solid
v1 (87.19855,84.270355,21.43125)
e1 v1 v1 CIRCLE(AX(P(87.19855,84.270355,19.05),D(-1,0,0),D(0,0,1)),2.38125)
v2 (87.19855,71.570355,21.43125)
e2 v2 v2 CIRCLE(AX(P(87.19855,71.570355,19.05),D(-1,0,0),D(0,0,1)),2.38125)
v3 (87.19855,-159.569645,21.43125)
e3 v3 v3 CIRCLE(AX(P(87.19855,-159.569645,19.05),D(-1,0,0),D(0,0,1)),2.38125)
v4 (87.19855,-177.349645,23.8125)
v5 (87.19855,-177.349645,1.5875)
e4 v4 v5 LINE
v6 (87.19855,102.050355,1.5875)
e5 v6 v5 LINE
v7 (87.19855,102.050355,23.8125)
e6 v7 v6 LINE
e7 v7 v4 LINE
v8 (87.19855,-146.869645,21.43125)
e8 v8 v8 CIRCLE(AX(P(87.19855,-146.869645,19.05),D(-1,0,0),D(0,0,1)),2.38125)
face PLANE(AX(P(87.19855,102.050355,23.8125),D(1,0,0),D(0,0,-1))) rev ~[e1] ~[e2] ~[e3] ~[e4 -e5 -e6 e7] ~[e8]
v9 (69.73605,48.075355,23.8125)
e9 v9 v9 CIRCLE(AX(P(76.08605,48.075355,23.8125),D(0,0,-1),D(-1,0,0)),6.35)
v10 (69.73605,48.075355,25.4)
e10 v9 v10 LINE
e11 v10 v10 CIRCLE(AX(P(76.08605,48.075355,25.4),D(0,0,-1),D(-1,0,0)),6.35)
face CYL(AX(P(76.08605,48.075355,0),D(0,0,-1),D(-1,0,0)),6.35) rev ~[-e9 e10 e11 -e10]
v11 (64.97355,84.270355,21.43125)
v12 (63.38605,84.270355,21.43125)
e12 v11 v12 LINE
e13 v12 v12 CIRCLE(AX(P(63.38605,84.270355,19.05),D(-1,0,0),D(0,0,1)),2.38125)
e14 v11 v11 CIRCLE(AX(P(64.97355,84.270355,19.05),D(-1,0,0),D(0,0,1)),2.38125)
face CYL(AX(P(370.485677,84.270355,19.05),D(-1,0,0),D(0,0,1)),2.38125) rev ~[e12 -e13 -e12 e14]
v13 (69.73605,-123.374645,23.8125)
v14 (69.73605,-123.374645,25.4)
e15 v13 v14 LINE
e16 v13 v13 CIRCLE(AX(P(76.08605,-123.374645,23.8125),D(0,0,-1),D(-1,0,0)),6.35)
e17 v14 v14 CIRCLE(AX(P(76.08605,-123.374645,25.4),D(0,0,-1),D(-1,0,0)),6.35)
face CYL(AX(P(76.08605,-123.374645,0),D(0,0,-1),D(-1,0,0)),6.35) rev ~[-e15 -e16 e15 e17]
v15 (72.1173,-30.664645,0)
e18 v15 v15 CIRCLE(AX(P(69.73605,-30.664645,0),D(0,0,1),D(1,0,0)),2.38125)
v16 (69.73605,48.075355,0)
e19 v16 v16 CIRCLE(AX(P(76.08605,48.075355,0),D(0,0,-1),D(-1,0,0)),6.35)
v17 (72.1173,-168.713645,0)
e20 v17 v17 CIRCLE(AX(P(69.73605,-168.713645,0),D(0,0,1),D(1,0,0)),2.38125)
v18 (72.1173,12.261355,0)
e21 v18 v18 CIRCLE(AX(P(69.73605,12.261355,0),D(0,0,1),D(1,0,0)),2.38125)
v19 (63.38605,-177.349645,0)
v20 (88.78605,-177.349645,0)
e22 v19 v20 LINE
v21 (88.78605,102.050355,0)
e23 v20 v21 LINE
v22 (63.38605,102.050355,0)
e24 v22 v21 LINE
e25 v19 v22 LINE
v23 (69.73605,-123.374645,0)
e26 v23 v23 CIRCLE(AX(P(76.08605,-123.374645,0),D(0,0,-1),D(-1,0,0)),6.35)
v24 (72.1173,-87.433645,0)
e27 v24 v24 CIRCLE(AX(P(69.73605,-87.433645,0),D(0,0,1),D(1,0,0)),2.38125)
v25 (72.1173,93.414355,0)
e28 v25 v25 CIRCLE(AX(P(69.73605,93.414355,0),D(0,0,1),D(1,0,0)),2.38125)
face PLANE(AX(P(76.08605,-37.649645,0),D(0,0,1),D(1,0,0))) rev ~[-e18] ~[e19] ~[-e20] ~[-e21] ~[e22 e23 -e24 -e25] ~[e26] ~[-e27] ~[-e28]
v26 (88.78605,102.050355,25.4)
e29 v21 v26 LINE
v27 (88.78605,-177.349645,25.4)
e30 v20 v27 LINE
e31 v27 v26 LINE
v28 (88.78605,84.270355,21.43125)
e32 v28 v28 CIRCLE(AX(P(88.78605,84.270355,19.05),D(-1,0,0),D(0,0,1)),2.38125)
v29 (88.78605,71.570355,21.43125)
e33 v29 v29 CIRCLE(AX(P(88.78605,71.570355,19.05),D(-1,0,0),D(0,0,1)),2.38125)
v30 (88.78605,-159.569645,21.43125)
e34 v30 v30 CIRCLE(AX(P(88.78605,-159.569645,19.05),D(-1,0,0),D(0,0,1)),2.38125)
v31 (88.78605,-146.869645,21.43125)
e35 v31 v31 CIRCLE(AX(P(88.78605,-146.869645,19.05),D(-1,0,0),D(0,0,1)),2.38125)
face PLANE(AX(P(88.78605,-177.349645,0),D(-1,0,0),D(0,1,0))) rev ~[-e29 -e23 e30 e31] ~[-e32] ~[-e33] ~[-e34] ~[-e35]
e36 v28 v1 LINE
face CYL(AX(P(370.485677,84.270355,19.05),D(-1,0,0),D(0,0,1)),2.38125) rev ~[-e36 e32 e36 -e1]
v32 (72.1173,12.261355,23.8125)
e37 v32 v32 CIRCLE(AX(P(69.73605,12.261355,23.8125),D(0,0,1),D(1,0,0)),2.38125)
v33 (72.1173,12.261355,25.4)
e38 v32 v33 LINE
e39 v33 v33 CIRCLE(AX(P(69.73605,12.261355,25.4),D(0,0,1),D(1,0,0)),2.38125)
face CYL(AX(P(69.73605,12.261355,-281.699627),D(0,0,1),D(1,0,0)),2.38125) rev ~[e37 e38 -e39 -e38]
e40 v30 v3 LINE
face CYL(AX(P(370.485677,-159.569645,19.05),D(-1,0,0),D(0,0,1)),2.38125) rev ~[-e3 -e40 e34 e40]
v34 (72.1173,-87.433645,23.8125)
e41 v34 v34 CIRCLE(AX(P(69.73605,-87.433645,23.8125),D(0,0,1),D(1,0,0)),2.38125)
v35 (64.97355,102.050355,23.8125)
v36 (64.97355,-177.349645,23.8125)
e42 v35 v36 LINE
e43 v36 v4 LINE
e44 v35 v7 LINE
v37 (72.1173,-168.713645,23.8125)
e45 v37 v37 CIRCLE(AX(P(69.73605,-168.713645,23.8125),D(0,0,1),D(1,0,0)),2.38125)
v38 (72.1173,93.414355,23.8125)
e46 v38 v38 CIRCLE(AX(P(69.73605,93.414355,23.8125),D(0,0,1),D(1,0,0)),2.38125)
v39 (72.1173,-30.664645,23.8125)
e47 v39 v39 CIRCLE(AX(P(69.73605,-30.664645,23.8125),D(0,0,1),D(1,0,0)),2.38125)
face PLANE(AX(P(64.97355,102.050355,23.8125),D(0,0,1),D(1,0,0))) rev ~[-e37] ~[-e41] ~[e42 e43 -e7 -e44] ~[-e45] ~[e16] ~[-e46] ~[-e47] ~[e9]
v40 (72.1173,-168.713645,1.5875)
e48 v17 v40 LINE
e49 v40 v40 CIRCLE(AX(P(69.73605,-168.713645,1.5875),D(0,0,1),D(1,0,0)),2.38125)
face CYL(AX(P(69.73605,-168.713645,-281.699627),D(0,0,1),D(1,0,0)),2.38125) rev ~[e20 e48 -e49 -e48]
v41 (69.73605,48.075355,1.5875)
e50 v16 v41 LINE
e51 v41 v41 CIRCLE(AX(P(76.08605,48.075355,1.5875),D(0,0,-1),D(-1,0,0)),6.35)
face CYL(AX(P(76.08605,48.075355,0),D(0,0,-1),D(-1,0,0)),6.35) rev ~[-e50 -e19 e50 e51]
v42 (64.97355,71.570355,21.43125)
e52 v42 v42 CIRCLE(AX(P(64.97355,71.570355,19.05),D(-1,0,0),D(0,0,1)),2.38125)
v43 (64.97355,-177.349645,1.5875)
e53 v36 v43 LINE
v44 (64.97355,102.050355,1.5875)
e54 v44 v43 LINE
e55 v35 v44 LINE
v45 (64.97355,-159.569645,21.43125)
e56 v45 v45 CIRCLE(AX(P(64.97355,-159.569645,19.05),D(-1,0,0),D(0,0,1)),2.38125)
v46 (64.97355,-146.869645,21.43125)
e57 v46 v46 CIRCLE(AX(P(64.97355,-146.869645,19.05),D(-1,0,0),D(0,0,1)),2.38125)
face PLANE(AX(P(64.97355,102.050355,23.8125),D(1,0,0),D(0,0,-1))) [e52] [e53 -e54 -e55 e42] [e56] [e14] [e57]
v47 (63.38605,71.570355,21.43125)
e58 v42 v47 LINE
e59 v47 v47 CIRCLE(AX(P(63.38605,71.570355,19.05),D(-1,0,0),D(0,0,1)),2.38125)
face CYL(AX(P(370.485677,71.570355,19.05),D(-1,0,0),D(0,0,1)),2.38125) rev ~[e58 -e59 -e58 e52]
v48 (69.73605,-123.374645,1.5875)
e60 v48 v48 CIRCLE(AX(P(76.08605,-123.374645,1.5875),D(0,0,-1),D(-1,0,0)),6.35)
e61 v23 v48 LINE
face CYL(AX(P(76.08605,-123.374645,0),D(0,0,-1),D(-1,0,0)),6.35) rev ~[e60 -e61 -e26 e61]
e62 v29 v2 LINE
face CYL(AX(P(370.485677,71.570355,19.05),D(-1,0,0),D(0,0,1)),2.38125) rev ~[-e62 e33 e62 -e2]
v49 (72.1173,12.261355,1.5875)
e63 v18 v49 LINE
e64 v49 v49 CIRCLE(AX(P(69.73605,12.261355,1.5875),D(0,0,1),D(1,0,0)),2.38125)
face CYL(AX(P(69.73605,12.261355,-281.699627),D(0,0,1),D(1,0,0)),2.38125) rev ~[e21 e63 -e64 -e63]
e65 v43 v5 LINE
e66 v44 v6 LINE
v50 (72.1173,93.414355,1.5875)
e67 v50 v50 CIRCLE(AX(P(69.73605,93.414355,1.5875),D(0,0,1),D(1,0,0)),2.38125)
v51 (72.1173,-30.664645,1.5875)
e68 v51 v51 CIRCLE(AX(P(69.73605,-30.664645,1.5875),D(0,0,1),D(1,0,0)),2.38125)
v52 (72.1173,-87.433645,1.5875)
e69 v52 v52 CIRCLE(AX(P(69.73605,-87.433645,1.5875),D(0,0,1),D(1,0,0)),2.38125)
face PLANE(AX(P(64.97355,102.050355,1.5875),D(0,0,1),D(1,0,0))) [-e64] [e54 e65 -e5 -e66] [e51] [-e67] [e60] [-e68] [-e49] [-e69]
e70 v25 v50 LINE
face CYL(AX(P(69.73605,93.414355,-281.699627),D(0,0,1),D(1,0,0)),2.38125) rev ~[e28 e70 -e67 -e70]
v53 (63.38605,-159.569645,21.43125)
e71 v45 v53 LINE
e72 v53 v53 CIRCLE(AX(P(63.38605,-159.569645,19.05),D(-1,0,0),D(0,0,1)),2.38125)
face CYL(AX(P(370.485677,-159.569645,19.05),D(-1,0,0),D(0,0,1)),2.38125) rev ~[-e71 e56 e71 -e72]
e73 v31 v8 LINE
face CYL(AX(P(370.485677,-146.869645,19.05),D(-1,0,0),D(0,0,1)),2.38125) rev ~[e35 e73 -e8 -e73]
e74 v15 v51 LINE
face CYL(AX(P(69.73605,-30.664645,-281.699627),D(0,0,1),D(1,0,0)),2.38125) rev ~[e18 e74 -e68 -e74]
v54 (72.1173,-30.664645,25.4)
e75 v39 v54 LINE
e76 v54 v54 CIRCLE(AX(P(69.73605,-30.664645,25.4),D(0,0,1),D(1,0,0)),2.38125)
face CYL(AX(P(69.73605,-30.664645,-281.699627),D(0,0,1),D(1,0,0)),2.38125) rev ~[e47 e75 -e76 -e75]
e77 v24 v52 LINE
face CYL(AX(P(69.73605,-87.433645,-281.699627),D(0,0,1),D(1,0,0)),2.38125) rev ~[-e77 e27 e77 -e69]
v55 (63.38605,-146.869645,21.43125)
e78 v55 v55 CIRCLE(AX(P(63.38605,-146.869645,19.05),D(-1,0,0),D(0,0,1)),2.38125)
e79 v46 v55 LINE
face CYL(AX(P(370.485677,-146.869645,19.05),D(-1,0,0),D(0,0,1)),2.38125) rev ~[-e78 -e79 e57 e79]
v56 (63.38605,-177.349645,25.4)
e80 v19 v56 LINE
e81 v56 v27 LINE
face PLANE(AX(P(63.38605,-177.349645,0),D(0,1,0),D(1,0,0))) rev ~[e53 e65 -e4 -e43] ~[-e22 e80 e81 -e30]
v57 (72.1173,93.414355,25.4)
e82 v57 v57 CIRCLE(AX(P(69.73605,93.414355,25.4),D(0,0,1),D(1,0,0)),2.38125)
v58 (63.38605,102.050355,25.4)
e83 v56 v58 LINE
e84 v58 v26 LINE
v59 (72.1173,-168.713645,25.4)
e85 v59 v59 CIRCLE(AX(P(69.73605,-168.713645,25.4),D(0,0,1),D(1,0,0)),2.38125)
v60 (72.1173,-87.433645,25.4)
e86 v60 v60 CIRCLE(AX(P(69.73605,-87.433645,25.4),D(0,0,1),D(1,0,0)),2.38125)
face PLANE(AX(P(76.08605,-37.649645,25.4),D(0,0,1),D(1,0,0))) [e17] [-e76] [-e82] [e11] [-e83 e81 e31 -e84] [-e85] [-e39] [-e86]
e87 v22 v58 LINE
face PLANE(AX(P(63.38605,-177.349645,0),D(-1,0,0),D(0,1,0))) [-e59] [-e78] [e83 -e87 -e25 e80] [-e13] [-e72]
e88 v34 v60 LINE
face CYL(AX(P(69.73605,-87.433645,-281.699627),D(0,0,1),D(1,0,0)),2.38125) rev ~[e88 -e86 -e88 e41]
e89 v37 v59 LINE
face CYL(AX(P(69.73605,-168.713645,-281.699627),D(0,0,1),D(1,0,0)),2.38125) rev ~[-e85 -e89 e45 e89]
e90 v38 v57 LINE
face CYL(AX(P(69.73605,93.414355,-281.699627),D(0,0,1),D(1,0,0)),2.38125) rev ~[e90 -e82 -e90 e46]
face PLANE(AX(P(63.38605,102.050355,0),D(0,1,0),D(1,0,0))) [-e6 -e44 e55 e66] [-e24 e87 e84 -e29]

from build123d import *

# Parameters (mm, degrees)
SKETCH1_W                      = 25.4
SKETCH1_H                      = 279.4
BOSS_EXTRUDE1_DEPTH            = 25.4
SKETCH2_W                      = 22.225
SKETCH2_H                      = 22.225
CUT_EXTRUDE1_DEPTH             = 279.4
SKETCH3_R                      = 6.35
CUT_EXTRUDE2_DEPTH             = 25.4
F_3_16_0_1875_DIAMETER_HOLE2_D = 4.7625
F_3_16_0_1875_DIAMETER_HOLE3_D = 4.7625


with BuildPart() as part:
    # Sketch1 → Boss-Extrude1 (new body)
    with BuildSketch(Plane.XY):
        with Locations((76.086049872, -37.64964539)):
            Rectangle(SKETCH1_W, SKETCH1_H)
    extrude(amount=BOSS_EXTRUDE1_DEPTH)

    # Sketch2 → Cut-Extrude1 (cut)
    with BuildSketch(Plane(origin=(0, 102.05035461, 0), x_dir=(1, 0, 0), z_dir=(0, 1, 0))):
        with Locations((76.086049872, -12.7)):
            Rectangle(SKETCH2_W, SKETCH2_H)
    extrude(amount=-CUT_EXTRUDE1_DEPTH, mode=Mode.SUBTRACT)

    # Sketch3 → Cut-Extrude2 (cut)
    with BuildSketch(Plane(origin=(0, 0, 0), x_dir=(-1, 0, 0), z_dir=(0, 0, -1))):
        with Locations((-76.086049872, 48.07535461)):
            Circle(SKETCH3_R)
        with Locations((-76.086049872, -123.37464539)):
            Circle(SKETCH3_R)
    extrude(amount=-CUT_EXTRUDE2_DEPTH, mode=Mode.SUBTRACT)

    # 3/16 (0.1875) Diameter Hole2 (through all)
    with Locations(Plane(origin=(0, 0, 0), x_dir=(-1, 0, 0), z_dir=(0, 0, -1))):
        with Locations((-69.736049872, 93.41435461), (-69.736049872, 12.26135461), (-69.736049872, -30.66464539), (-69.736049872, -87.43364539), (-69.736049872, -168.71364539)):
            Hole(F_3_16_0_1875_DIAMETER_HOLE2_D / 2)

    # 3/16 (0.1875) Diameter Hole3 (through all)
    with Locations(Plane(origin=(88.786049872, 0, 0), x_dir=(0, 0, -1), z_dir=(1, 0, 0))):
        with Locations((-19.05, -159.56964539), (-19.05, -146.86964539), (-19.05, 71.57035461), (-19.05, 84.27035461)):
            Hole(F_3_16_0_1875_DIAMETER_HOLE3_D / 2)


solid = part.part
